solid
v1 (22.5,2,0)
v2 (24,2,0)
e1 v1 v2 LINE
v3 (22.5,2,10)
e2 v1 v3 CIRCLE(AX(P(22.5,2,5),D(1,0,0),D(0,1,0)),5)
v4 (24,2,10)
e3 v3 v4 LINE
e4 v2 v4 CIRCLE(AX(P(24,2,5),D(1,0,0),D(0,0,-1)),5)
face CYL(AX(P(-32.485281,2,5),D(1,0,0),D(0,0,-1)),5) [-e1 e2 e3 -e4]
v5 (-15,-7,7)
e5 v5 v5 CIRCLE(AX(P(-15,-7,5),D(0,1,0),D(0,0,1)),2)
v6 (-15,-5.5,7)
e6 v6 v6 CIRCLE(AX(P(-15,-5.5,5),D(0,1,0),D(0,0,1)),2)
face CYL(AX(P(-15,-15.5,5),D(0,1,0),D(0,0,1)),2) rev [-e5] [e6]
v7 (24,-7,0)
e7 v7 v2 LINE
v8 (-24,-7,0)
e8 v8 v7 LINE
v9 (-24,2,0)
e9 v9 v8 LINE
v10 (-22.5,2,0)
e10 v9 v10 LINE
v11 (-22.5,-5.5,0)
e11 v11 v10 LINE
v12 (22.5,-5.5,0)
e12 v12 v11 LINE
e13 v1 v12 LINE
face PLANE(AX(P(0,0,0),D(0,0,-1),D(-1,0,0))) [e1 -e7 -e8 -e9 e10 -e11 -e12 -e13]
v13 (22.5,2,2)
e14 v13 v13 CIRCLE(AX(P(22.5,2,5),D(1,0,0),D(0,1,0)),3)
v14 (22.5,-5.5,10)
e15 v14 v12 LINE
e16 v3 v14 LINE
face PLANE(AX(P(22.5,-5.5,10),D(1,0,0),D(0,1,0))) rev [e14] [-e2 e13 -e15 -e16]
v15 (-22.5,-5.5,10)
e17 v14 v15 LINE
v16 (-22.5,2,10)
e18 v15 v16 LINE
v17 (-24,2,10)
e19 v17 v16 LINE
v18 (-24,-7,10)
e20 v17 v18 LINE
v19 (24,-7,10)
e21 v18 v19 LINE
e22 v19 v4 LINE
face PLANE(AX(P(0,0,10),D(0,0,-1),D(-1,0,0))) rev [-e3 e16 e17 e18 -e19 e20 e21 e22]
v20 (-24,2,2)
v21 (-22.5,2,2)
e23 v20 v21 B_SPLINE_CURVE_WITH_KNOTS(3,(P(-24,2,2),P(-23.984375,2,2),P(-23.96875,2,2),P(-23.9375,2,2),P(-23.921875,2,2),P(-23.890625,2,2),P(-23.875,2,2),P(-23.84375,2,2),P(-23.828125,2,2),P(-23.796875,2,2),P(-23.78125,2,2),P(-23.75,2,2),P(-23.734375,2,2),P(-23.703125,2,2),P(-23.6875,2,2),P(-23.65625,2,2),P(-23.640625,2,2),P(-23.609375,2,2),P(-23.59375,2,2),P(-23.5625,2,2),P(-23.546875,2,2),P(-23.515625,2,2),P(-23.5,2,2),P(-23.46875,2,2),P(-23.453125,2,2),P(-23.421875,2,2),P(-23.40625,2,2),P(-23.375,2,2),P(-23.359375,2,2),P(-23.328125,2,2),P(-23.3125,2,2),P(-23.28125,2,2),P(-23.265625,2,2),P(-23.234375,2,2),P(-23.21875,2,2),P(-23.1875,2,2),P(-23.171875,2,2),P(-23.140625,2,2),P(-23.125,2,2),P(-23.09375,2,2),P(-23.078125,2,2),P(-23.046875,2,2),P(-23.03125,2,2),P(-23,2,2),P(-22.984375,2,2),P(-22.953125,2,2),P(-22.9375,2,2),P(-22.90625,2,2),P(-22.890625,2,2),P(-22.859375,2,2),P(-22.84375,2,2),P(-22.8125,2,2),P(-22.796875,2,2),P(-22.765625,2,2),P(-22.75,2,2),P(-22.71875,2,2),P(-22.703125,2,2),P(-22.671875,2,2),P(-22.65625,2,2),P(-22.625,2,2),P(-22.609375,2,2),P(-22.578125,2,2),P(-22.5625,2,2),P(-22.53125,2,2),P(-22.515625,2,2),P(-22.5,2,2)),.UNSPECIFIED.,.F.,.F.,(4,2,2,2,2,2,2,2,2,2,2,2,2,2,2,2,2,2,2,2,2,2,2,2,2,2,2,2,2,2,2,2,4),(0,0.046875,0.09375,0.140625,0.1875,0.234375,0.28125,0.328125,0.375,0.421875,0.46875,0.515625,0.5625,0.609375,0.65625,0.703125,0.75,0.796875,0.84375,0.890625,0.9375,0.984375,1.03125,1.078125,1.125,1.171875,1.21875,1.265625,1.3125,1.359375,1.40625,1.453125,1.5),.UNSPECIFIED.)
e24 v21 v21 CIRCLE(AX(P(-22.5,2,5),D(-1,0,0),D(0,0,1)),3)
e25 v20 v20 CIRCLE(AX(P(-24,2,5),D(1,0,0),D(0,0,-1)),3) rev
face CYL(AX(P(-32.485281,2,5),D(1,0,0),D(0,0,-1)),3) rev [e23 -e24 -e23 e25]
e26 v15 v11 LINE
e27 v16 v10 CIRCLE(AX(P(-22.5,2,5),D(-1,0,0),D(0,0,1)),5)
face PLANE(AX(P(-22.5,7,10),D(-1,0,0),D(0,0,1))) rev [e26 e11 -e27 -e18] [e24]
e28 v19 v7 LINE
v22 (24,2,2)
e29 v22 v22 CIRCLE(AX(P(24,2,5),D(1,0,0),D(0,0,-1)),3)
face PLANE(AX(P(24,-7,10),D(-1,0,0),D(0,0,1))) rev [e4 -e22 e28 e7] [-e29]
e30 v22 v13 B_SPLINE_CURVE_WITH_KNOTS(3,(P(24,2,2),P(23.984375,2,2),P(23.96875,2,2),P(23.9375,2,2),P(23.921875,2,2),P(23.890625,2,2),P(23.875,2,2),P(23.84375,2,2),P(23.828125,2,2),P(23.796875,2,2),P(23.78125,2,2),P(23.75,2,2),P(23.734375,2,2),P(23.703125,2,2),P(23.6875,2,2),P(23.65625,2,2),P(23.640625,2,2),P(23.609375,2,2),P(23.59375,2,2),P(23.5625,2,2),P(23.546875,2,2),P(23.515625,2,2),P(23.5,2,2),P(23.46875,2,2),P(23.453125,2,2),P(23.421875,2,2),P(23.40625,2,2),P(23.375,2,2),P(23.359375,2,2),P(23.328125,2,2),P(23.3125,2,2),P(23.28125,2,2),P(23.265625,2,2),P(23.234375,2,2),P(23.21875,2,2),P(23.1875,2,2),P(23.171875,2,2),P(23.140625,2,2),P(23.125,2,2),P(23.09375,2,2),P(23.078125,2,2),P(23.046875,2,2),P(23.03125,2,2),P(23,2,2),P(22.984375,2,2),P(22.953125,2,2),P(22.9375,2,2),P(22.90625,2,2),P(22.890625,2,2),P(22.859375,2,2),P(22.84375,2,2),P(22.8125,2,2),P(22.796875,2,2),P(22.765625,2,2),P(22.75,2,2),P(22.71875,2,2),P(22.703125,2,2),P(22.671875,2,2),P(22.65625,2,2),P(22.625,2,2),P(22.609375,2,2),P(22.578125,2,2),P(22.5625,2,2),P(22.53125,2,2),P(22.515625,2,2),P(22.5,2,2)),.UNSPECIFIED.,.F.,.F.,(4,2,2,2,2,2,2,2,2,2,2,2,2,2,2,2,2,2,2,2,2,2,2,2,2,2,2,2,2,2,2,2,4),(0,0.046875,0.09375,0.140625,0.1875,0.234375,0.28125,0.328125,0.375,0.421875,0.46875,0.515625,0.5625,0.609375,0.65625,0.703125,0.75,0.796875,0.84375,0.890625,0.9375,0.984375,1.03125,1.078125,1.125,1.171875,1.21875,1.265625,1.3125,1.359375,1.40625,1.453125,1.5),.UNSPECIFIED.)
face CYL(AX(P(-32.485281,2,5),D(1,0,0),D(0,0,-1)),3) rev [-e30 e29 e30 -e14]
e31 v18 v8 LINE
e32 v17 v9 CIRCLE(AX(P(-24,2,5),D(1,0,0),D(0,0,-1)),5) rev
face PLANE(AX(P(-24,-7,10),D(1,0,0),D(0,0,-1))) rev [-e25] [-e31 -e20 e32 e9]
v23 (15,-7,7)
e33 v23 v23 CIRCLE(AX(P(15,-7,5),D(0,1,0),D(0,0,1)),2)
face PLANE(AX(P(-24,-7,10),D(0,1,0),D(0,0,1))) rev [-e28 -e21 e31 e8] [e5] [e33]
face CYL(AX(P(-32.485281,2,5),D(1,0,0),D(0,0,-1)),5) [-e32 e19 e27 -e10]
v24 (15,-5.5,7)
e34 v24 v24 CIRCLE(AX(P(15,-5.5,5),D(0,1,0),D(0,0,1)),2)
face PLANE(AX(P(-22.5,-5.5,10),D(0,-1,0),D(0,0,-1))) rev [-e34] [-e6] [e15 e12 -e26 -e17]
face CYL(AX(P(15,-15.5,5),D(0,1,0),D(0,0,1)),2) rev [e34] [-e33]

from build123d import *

# Parameters (mm, degrees)
BOSS_EXTRUDE1_DEPTH = 10
CUT_EXTRUDE1_REACH  = 51.528
SKETCH3_R           = 2
CUT_EXTRUDE2_DEPTH  = 10


with BuildPart() as part:
    # Sketch1 → Boss-Extrude1 (new body)
    with BuildSketch(Plane.XY):
        Polygon((-22.5, 7), (-22.5, -5.5), (22.5, -5.5), (22.5, 7), (24, 7), (24, -7), (-24, -7), (-24, 7), align=None)
    extrude(amount=BOSS_EXTRUDE1_DEPTH)

    # Cut-Extrude1: up to this face of the body (flat: up to its plane)
    cut_extrude1_end = Plane(part.part.faces().sort_by_distance((-24, 0, 5))[0])
    # Sketch2 → Cut-Extrude1 (cut, up to the picked face)
    with BuildSketch(Plane(origin=(24, 0, 0), x_dir=(0, 0, -1), z_dir=(1, 0, 0)), mode=Mode.PRIVATE) as cut_extrude1_sk1:
        with BuildLine():
            ThreePointArc((-10, 2), (-8.535533906, 5.535533906), (-5, 7))
            Line((-5, 7), (-10, 7))
            Line((-10, 7), (-10, 2))
        make_face()
    cut_extrude1_tool1 = split(extrude(cut_extrude1_sk1.sketch, amount=-CUT_EXTRUDE1_REACH, mode=Mode.PRIVATE), bisect_by=cut_extrude1_end, keep=Keep.BOTH, mode=Mode.PRIVATE)
    # Sketch2 → Cut-Extrude1 (cut, up to the picked face)
    with BuildSketch(Plane(origin=(24, 0, 0), x_dir=(0, 0, -1), z_dir=(1, 0, 0)), mode=Mode.PRIVATE) as cut_extrude1_sk2:
        with BuildLine():
            ThreePointArc((-5, 7), (-1.464466094, 5.535533906), (0, 2))
            Line((0, 2), (0, 7))
            Line((0, 7), (-5, 7))
        make_face()
    cut_extrude1_tool2 = split(extrude(cut_extrude1_sk2.sketch, amount=-CUT_EXTRUDE1_REACH, mode=Mode.PRIVATE), bisect_by=cut_extrude1_end, keep=Keep.BOTH, mode=Mode.PRIVATE)
    # Sketch2 → Cut-Extrude1 (cut, up to the picked face)
    with BuildSketch(Plane(origin=(24, 0, 0), x_dir=(0, 0, -1), z_dir=(1, 0, 0)), mode=Mode.PRIVATE) as cut_extrude1_sk3:
        with BuildLine():
            ThreePointArc((-8, 2), (-5, -1), (-2, 2))
            Line((-2, 2), (-8, 2))
        make_face()
    cut_extrude1_tool3 = split(extrude(cut_extrude1_sk3.sketch, amount=-CUT_EXTRUDE1_REACH, mode=Mode.PRIVATE), bisect_by=cut_extrude1_end, keep=Keep.BOTH, mode=Mode.PRIVATE)
    # Sketch2 → Cut-Extrude1 (cut, up to the picked face)
    with BuildSketch(Plane(origin=(24, 0, 0), x_dir=(0, 0, -1), z_dir=(1, 0, 0)), mode=Mode.PRIVATE) as cut_extrude1_sk4:
        with BuildLine():
            Line((-8, 2), (-2, 2))
            ThreePointArc((-2, 2), (-5, 5), (-8, 2))
        make_face()
    cut_extrude1_tool4 = split(extrude(cut_extrude1_sk4.sketch, amount=-CUT_EXTRUDE1_REACH, mode=Mode.PRIVATE), bisect_by=cut_extrude1_end, keep=Keep.BOTH, mode=Mode.PRIVATE)
    # Sketch2 → Cut-Extrude1 (cut, up to the picked face)
    with BuildSketch(Plane(origin=(24, 0, 0), x_dir=(0, 0, -1), z_dir=(1, 0, 0)), mode=Mode.PRIVATE) as cut_extrude1_sk5:
        with BuildLine():
            ThreePointArc((-8, 2), (-5, -1), (-2, 2))
            Line((-2, 2), (-8, 2))
        make_face()
    cut_extrude1_tool5 = split(extrude(cut_extrude1_sk5.sketch, amount=-CUT_EXTRUDE1_REACH, mode=Mode.PRIVATE), bisect_by=cut_extrude1_end, keep=Keep.BOTH, mode=Mode.PRIVATE)
    # Sketch2 → Cut-Extrude1 (cut, up to the picked face)
    with BuildSketch(Plane(origin=(24, 0, 0), x_dir=(0, 0, -1), z_dir=(1, 0, 0)), mode=Mode.PRIVATE) as cut_extrude1_sk6:
        with BuildLine():
            Line((-8, 2), (-2, 2))
            ThreePointArc((-2, 2), (-5, 5), (-8, 2))
        make_face()
    cut_extrude1_tool6 = split(extrude(cut_extrude1_sk6.sketch, amount=-CUT_EXTRUDE1_REACH, mode=Mode.PRIVATE), bisect_by=cut_extrude1_end, keep=Keep.BOTH, mode=Mode.PRIVATE)
    add(cut_extrude1_tool1.solids().sort_by(Axis((24, 5.88316, 8.88316), (-1, 0, 0)))[0], mode=Mode.SUBTRACT)
    add(cut_extrude1_tool2.solids().sort_by(Axis((24, 5.88316, 1.11684), (-1, 0, 0)))[0], mode=Mode.SUBTRACT)
    add(cut_extrude1_tool3.solids().sort_by(Axis((24, 0.72676, 5), (-1, 0, 0)))[0], mode=Mode.SUBTRACT)
    add(cut_extrude1_tool4.solids().sort_by(Axis((24, 3.27324, 5), (-1, 0, 0)))[0], mode=Mode.SUBTRACT)
    add(cut_extrude1_tool5.solids().sort_by(Axis((24, 0.72676, 5), (-1, 0, 0)))[0], mode=Mode.SUBTRACT)
    add(cut_extrude1_tool6.solids().sort_by(Axis((24, 3.27324, 5), (-1, 0, 0)))[0], mode=Mode.SUBTRACT)

    # Sketch3 → Cut-Extrude2 (cut)
    with BuildSketch(Plane(origin=(0, -5.5, 0), x_dir=(1, 0, 0), z_dir=(0, 1, 0))):
        with Locations(Location((15, -5, 0), (0, 0, 270))):
            Circle(SKETCH3_R)
        with Locations(Location((-15, -5, 0), (0, 0, 270))):
            Circle(SKETCH3_R)
    extrude(amount=-CUT_EXTRUDE2_DEPTH, mode=Mode.SUBTRACT)


solid = part.part
